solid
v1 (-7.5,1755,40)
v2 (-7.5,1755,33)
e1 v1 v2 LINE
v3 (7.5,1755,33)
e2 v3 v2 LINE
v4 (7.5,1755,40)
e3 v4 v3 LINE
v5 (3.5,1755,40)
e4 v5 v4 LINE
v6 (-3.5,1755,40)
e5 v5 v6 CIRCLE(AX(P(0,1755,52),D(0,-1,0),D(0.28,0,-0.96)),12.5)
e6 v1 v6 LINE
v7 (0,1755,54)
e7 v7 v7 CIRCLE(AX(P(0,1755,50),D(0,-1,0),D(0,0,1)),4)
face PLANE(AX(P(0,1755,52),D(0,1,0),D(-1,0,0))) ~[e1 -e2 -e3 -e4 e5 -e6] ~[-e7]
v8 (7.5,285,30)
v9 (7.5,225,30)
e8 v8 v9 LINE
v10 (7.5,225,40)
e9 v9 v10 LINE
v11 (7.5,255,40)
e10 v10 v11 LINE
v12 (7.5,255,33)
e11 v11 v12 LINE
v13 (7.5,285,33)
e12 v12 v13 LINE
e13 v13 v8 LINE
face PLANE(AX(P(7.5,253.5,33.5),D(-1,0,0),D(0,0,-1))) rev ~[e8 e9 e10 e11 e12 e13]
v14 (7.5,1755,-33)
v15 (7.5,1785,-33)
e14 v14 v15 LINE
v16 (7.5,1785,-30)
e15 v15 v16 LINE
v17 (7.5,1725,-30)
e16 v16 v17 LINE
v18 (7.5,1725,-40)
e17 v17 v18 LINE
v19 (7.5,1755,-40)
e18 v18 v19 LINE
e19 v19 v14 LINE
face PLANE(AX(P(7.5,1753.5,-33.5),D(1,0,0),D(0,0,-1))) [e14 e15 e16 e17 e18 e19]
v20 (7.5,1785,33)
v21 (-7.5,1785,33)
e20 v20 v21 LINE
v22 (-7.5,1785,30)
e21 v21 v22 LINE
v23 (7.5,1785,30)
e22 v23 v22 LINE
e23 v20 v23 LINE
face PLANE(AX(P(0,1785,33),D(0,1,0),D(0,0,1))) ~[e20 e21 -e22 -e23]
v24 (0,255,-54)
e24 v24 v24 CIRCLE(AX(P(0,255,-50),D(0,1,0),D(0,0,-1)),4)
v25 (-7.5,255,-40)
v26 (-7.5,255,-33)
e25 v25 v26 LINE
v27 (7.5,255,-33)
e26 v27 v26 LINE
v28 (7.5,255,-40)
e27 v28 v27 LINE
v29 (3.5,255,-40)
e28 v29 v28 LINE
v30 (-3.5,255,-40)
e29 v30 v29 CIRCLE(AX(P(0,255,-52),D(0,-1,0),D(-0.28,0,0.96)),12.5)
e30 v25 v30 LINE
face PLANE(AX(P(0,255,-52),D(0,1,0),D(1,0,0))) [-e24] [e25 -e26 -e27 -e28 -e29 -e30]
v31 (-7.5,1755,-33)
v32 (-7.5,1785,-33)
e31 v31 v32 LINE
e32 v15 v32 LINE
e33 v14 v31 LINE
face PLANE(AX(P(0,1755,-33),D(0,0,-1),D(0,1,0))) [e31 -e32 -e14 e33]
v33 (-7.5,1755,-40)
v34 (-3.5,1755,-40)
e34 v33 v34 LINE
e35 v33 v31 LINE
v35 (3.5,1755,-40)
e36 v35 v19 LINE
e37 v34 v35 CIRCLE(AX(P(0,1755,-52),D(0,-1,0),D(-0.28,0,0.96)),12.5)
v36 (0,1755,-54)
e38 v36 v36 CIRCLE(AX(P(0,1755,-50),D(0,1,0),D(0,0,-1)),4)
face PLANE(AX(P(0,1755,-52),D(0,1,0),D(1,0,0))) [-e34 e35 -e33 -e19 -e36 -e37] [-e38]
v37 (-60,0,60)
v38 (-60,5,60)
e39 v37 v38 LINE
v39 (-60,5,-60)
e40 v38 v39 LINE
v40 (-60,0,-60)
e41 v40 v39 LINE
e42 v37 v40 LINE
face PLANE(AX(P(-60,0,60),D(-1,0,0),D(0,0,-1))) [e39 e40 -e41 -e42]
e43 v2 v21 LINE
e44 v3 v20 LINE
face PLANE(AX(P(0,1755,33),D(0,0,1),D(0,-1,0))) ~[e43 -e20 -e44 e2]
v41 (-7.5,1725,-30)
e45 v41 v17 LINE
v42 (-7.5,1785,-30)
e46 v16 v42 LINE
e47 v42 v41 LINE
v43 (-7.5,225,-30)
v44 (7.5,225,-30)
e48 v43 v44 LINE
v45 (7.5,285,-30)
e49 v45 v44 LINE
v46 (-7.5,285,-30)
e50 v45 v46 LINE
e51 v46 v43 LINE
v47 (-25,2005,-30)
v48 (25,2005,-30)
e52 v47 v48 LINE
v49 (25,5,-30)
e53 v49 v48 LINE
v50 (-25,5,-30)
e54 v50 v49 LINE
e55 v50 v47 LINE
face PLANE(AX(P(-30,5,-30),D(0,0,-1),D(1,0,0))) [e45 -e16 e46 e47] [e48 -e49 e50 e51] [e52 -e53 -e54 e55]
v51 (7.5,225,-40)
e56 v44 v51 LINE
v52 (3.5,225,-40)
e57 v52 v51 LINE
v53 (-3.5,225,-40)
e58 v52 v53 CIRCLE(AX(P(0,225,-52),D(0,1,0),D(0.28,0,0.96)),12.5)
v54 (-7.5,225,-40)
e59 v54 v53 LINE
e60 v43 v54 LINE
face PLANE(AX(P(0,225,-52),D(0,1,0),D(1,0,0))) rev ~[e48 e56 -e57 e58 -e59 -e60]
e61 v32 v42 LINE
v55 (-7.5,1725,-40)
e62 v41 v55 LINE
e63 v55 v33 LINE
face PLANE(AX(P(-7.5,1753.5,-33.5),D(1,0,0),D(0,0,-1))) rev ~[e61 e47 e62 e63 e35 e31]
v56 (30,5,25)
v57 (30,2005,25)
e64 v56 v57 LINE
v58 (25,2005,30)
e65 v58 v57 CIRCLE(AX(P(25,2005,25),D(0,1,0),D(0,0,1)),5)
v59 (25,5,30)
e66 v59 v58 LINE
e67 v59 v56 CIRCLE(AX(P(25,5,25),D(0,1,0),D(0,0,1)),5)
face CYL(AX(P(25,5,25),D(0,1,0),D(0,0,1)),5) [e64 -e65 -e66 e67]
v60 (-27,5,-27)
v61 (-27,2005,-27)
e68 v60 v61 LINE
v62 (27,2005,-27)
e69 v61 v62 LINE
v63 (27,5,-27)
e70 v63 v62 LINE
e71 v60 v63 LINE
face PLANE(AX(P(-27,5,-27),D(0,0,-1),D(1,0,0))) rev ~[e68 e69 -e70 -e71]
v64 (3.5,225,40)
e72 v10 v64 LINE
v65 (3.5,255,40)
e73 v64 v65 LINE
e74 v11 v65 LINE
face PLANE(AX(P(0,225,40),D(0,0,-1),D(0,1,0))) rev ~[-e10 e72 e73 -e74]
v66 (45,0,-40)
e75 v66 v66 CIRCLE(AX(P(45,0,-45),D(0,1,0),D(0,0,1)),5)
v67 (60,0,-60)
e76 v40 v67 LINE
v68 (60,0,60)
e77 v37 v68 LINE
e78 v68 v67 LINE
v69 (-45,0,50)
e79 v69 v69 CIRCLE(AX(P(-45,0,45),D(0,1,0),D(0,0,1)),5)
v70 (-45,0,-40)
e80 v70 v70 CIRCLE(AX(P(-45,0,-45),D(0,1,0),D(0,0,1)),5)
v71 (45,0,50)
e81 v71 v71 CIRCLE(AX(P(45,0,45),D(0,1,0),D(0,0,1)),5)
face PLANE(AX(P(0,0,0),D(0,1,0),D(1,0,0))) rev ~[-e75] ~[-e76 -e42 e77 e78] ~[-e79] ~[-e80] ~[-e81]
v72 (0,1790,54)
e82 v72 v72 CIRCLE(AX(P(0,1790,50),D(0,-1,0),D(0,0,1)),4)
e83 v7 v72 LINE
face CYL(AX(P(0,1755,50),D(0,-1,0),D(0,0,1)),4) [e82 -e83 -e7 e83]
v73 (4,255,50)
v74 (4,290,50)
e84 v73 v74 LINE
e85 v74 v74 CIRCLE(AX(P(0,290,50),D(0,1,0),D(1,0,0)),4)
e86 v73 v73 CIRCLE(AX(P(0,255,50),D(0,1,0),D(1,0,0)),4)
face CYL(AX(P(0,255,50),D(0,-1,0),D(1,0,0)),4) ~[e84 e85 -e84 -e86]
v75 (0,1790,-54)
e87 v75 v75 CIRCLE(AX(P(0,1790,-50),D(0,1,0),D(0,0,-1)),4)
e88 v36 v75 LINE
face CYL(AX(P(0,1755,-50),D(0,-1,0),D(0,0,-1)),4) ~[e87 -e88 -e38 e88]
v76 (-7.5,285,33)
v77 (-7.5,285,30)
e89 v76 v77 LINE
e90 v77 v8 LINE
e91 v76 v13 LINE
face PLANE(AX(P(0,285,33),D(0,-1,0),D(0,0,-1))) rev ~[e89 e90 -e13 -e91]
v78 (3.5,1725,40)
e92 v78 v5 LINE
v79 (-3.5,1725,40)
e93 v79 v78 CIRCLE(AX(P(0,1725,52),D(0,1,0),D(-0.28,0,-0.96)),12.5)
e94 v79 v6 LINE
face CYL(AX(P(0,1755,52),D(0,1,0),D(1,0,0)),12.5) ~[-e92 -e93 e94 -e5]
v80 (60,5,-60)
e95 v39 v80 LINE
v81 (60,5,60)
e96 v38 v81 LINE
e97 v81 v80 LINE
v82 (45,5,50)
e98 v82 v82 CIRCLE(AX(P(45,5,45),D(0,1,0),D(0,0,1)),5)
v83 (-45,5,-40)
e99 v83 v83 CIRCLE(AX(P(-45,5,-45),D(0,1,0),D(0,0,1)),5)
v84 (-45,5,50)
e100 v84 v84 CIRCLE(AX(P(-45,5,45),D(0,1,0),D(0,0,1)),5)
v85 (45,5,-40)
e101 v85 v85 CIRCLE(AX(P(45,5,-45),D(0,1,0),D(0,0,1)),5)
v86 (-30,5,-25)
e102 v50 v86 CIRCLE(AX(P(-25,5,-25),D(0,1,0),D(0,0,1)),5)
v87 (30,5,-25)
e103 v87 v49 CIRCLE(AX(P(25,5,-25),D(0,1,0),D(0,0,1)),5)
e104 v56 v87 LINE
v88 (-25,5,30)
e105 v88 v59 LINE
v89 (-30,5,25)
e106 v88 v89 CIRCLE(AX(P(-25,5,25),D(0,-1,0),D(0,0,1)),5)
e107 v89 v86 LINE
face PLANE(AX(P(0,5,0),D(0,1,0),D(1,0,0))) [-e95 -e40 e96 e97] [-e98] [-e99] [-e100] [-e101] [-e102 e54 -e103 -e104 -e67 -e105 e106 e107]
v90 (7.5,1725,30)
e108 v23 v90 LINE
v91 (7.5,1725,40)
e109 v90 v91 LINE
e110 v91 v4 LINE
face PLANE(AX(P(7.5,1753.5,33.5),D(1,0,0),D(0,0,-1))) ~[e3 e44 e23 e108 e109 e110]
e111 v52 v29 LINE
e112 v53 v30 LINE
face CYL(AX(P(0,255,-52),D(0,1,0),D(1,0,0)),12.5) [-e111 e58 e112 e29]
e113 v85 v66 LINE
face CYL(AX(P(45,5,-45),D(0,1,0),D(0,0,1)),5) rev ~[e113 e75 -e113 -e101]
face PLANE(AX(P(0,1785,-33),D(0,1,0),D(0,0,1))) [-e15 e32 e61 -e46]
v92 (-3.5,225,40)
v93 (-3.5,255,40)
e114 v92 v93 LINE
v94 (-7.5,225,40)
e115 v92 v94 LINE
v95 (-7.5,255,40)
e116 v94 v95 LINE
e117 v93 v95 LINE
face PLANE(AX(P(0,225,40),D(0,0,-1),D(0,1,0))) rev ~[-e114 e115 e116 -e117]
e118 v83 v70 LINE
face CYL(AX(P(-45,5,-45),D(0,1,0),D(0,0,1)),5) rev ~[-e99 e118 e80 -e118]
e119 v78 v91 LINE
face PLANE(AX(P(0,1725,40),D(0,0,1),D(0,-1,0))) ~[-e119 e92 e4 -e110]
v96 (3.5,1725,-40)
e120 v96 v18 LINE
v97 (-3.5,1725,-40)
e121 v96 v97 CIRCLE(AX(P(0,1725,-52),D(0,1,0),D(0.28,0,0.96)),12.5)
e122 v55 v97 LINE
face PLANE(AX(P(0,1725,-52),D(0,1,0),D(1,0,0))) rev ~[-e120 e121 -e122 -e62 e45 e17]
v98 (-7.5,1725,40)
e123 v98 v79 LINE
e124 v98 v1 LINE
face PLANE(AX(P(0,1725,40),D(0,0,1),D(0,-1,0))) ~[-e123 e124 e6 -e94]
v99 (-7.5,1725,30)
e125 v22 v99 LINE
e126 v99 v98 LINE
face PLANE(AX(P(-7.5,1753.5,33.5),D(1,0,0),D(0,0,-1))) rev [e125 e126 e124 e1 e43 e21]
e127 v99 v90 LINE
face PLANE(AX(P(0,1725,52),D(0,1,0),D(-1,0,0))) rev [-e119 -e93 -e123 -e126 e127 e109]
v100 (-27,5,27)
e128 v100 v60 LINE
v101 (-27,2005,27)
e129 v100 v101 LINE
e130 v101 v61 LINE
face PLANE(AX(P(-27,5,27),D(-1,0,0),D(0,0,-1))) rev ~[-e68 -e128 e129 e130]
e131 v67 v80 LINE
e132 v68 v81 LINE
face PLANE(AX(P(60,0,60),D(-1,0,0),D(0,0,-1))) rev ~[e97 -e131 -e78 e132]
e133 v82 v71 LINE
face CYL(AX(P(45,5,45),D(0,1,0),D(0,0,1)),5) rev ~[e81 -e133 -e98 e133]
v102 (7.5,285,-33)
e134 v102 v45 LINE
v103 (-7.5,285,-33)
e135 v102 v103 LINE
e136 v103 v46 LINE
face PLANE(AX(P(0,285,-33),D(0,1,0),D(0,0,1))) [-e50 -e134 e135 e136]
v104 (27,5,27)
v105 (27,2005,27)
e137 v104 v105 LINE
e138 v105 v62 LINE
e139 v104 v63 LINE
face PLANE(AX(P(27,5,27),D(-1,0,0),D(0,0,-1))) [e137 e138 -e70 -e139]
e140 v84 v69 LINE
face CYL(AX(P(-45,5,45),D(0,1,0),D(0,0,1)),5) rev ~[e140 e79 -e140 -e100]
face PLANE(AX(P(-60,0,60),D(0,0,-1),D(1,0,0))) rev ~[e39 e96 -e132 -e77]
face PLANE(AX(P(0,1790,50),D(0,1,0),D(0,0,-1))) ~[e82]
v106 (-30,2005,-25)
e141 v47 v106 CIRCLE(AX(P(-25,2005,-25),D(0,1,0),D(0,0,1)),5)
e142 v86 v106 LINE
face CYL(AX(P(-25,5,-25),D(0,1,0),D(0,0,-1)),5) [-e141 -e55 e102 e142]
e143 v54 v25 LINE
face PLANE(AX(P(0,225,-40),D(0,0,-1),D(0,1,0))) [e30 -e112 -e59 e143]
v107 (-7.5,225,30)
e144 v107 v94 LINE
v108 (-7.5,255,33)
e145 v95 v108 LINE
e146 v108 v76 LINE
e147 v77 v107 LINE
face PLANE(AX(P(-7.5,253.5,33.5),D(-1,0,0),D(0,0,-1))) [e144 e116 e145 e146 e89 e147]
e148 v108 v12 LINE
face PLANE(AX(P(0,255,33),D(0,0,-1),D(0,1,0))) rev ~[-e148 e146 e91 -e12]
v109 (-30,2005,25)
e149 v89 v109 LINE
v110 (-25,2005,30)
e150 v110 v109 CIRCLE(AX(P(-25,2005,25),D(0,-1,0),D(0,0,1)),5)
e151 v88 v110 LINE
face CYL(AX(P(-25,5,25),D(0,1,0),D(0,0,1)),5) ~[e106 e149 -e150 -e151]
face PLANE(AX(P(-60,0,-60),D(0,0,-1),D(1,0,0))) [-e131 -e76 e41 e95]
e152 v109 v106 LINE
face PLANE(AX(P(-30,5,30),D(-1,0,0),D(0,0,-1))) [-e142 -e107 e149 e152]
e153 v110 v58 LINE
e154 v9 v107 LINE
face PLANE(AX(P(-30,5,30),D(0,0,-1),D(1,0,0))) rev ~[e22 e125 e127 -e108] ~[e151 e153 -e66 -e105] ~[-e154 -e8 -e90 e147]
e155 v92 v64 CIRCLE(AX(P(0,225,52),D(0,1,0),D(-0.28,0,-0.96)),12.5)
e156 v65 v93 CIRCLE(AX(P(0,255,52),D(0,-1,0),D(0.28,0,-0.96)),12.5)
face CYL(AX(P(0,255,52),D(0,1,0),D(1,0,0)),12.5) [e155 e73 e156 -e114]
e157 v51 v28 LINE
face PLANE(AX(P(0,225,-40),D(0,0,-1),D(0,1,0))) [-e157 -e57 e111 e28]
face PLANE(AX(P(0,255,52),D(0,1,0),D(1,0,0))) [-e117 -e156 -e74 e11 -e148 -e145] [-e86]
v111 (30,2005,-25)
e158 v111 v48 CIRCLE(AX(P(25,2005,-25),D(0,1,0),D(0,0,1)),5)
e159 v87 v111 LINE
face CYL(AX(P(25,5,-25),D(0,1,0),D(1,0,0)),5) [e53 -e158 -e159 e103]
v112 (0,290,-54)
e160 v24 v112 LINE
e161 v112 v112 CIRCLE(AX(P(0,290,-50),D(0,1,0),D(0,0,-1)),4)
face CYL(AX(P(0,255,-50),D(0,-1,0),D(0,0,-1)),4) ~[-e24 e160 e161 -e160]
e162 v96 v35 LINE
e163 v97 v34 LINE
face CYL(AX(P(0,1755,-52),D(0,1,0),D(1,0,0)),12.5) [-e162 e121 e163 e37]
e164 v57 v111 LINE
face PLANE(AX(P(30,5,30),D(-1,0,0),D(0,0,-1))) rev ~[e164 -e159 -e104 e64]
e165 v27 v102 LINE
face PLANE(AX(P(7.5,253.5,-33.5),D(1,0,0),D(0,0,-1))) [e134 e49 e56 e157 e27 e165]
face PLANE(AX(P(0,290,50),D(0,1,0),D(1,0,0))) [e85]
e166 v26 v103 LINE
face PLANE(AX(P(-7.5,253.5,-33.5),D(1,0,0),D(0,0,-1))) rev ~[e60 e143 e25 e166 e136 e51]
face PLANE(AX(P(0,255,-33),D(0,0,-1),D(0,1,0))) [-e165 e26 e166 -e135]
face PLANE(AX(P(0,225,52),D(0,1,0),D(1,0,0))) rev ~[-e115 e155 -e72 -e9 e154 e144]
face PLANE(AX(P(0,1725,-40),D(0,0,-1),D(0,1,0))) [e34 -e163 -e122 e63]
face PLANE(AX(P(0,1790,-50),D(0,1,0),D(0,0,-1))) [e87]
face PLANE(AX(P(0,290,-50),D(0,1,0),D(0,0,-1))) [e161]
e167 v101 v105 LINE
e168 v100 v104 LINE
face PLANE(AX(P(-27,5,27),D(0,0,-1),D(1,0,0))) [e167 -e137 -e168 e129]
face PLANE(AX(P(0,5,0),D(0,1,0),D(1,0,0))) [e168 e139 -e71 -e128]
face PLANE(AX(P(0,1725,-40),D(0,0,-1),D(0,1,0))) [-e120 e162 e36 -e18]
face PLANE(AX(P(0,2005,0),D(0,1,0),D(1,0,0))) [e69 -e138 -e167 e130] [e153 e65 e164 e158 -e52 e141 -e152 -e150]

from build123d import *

# Parameters (mm, degrees)
SKETCH_1_W               = 120
SKETCH_1_H               = 120
EXTRUDE_1_DEPTH          = 5
SKETCH_2_W               = 60
SKETCH_2_H               = 60
SKETCH_2_W_2             = 54
SKETCH_2_H_2             = 54
EXTRUDE_2_DEPTH          = 2000
FILLET_1_R               = 5
SKETCH_3_R               = 5
CUT_EXTRUDE_1_DEPTH      = 2000
EXTRUDE_5_DEPTH          = 7.5
PATTERN_LINEAR_1_COUNT   = 2
PATTERN_LINEAR_1_PITCH   = 1500
SKETCH_7_R               = 12.5
EXTRUDE_6_DEPTH          = 30
SKETCH_8_R               = 4
EXTRUDE_7_DEPTH          = 35
PATTERN_LINEAR_2_COUNT   = 2
PATTERN_LINEAR_2_PITCH   = 1500
MIRROR_1_COPY_1_DEPTH    = 7.5
MIRROR_1_COPY_2_SKETCH_R = 12.5
MIRROR_1_COPY_2_DEPTH    = 30
MIRROR_1_COPY_3_SKETCH_R = 4
MIRROR_1_COPY_3_DEPTH    = 35


with BuildPart() as part:
    # 草图1 → 凸台-拉伸1 (new body)
    with BuildSketch(Plane(origin=(0, 0, 0), x_dir=(1, 0, 0), z_dir=(0, 1, 0))):
        Rectangle(SKETCH_1_W, SKETCH_1_H)
    extrude(amount=EXTRUDE_1_DEPTH)

    # 草图2 → 凸台-拉伸2 (add)
    with BuildSketch(Plane(origin=(0, 5, 0), x_dir=(1, 0, 0), z_dir=(0, 1, 0))):
        Rectangle(SKETCH_2_W, SKETCH_2_H)
        Rectangle(SKETCH_2_W_2, SKETCH_2_H_2, mode=Mode.SUBTRACT)
    extrude(amount=EXTRUDE_2_DEPTH)

    # 圆角1
    fillet_1_edges = [part.edges().sort_by_distance(p)[0] for p in [
        (30, 1005, -30),
        (-30, 1005, -30),
        (-30, 1005, 30),
        (30, 1005, 30),
    ]]
    fillet(fillet_1_edges, radius=FILLET_1_R)

    # 草图3 → 切除-拉伸1 (cut)
    with BuildSketch(Plane(origin=(0, 5, 0), x_dir=(1, 0, 0), z_dir=(0, 1, 0))):
        with Locations(Location((-45, 45, 0), (0, 0, 270))):
            Circle(SKETCH_3_R)
        with Locations(Location((45, 45, 0), (0, 0, 270))):
            Circle(SKETCH_3_R)
        with Locations(Location((-45, -45, 0), (0, 0, 270))):
            Circle(SKETCH_3_R)
        with Locations(Location((45, -45, 0), (0, 0, 270))):
            Circle(SKETCH_3_R)
    extrude(amount=-CUT_EXTRUDE_1_DEPTH, mode=Mode.SUBTRACT)

    # 草图6 → 凸台-拉伸5 (add, symmetric)
    with BuildSketch(Plane(origin=(0, 0, 0), x_dir=(0, 0, -1), z_dir=(1, 0, 0))):
        Polygon((30, 1785), (30, 1725), (40, 1725), (40, 1755), (33, 1755), (33, 1785), align=None)
    extrude_5 = extrude(amount=EXTRUDE_5_DEPTH, both=True)

    # 阵列(线性)1: 凸台-拉伸5 ×2
    with Locations(*[(0, -i * PATTERN_LINEAR_1_PITCH, 0) for i in range(1, PATTERN_LINEAR_1_COUNT)]):
        add(extrude_5)

    # 草图7 → 凸台-拉伸6 (add)
    with BuildSketch(Plane(origin=(0, 1755, 0), x_dir=(1, 0, 0), z_dir=(0, 1, 0))):
        with Locations((0, 52)):
            Circle(SKETCH_7_R)
    extrude_6 = extrude(amount=-EXTRUDE_6_DEPTH)

    # 草图8 → 凸台-拉伸7 (add)
    with BuildSketch(Plane(origin=(0, 1755, 0), x_dir=(1, 0, 0), z_dir=(0, 1, 0))):
        with Locations(Location((0, 50, 0), (0, 0, 90))):
            Circle(SKETCH_8_R)
    extrude_7 = extrude(amount=EXTRUDE_7_DEPTH)

    # 阵列(线性)2: 凸台-拉伸6, 凸台-拉伸7 ×2
    with Locations(*[(0, -i * PATTERN_LINEAR_2_PITCH, 0) for i in range(1, PATTERN_LINEAR_2_COUNT)]):
        add(extrude_6)
        add(extrude_7)

    # 镜向1: 凸台-拉伸5, 凸台-拉伸6, 凸台-拉伸7 across plane
    add(extrude_5.mirror(Plane(origin=(0, 0, 0), x_dir=(1, 0, 0), z_dir=(0, 0, -1))))
    add(extrude_6.mirror(Plane(origin=(0, 0, 0), x_dir=(1, 0, 0), z_dir=(0, 0, -1))))
    add(extrude_7.mirror(Plane(origin=(0, 0, 0), x_dir=(1, 0, 0), z_dir=(0, 0, -1))))

    # 镜向1 copy 1 sketch → 镜向1 copy 1 (add, symmetric)
    with BuildSketch(Plane(origin=(0, -1500, 0), x_dir=(0, 0, 1), z_dir=(1, 0, 0))):
        Polygon((30, -1785), (30, -1725), (40, -1725), (40, -1755), (33, -1755), (33, -1785), align=None)
    extrude(amount=MIRROR_1_COPY_1_DEPTH, both=True)

    # 镜向1 copy 2 sketch → 镜向1 copy 2 (add)
    with BuildSketch(Plane(origin=(0, 255, 0), x_dir=(1, 0, 0), z_dir=(0, 1, 0))):
        with Locations((0, -52)):
            Circle(MIRROR_1_COPY_2_SKETCH_R)
    extrude(amount=-MIRROR_1_COPY_2_DEPTH)

    # 镜向1 copy 3 sketch → 镜向1 copy 3 (add)
    with BuildSketch(Plane(origin=(0, 255, 0), x_dir=(1, 0, 0), z_dir=(0, 1, 0))):
        with Locations((0, -50)):
            Circle(MIRROR_1_COPY_3_SKETCH_R)
    extrude(amount=MIRROR_1_COPY_3_DEPTH)


solid = part.part
